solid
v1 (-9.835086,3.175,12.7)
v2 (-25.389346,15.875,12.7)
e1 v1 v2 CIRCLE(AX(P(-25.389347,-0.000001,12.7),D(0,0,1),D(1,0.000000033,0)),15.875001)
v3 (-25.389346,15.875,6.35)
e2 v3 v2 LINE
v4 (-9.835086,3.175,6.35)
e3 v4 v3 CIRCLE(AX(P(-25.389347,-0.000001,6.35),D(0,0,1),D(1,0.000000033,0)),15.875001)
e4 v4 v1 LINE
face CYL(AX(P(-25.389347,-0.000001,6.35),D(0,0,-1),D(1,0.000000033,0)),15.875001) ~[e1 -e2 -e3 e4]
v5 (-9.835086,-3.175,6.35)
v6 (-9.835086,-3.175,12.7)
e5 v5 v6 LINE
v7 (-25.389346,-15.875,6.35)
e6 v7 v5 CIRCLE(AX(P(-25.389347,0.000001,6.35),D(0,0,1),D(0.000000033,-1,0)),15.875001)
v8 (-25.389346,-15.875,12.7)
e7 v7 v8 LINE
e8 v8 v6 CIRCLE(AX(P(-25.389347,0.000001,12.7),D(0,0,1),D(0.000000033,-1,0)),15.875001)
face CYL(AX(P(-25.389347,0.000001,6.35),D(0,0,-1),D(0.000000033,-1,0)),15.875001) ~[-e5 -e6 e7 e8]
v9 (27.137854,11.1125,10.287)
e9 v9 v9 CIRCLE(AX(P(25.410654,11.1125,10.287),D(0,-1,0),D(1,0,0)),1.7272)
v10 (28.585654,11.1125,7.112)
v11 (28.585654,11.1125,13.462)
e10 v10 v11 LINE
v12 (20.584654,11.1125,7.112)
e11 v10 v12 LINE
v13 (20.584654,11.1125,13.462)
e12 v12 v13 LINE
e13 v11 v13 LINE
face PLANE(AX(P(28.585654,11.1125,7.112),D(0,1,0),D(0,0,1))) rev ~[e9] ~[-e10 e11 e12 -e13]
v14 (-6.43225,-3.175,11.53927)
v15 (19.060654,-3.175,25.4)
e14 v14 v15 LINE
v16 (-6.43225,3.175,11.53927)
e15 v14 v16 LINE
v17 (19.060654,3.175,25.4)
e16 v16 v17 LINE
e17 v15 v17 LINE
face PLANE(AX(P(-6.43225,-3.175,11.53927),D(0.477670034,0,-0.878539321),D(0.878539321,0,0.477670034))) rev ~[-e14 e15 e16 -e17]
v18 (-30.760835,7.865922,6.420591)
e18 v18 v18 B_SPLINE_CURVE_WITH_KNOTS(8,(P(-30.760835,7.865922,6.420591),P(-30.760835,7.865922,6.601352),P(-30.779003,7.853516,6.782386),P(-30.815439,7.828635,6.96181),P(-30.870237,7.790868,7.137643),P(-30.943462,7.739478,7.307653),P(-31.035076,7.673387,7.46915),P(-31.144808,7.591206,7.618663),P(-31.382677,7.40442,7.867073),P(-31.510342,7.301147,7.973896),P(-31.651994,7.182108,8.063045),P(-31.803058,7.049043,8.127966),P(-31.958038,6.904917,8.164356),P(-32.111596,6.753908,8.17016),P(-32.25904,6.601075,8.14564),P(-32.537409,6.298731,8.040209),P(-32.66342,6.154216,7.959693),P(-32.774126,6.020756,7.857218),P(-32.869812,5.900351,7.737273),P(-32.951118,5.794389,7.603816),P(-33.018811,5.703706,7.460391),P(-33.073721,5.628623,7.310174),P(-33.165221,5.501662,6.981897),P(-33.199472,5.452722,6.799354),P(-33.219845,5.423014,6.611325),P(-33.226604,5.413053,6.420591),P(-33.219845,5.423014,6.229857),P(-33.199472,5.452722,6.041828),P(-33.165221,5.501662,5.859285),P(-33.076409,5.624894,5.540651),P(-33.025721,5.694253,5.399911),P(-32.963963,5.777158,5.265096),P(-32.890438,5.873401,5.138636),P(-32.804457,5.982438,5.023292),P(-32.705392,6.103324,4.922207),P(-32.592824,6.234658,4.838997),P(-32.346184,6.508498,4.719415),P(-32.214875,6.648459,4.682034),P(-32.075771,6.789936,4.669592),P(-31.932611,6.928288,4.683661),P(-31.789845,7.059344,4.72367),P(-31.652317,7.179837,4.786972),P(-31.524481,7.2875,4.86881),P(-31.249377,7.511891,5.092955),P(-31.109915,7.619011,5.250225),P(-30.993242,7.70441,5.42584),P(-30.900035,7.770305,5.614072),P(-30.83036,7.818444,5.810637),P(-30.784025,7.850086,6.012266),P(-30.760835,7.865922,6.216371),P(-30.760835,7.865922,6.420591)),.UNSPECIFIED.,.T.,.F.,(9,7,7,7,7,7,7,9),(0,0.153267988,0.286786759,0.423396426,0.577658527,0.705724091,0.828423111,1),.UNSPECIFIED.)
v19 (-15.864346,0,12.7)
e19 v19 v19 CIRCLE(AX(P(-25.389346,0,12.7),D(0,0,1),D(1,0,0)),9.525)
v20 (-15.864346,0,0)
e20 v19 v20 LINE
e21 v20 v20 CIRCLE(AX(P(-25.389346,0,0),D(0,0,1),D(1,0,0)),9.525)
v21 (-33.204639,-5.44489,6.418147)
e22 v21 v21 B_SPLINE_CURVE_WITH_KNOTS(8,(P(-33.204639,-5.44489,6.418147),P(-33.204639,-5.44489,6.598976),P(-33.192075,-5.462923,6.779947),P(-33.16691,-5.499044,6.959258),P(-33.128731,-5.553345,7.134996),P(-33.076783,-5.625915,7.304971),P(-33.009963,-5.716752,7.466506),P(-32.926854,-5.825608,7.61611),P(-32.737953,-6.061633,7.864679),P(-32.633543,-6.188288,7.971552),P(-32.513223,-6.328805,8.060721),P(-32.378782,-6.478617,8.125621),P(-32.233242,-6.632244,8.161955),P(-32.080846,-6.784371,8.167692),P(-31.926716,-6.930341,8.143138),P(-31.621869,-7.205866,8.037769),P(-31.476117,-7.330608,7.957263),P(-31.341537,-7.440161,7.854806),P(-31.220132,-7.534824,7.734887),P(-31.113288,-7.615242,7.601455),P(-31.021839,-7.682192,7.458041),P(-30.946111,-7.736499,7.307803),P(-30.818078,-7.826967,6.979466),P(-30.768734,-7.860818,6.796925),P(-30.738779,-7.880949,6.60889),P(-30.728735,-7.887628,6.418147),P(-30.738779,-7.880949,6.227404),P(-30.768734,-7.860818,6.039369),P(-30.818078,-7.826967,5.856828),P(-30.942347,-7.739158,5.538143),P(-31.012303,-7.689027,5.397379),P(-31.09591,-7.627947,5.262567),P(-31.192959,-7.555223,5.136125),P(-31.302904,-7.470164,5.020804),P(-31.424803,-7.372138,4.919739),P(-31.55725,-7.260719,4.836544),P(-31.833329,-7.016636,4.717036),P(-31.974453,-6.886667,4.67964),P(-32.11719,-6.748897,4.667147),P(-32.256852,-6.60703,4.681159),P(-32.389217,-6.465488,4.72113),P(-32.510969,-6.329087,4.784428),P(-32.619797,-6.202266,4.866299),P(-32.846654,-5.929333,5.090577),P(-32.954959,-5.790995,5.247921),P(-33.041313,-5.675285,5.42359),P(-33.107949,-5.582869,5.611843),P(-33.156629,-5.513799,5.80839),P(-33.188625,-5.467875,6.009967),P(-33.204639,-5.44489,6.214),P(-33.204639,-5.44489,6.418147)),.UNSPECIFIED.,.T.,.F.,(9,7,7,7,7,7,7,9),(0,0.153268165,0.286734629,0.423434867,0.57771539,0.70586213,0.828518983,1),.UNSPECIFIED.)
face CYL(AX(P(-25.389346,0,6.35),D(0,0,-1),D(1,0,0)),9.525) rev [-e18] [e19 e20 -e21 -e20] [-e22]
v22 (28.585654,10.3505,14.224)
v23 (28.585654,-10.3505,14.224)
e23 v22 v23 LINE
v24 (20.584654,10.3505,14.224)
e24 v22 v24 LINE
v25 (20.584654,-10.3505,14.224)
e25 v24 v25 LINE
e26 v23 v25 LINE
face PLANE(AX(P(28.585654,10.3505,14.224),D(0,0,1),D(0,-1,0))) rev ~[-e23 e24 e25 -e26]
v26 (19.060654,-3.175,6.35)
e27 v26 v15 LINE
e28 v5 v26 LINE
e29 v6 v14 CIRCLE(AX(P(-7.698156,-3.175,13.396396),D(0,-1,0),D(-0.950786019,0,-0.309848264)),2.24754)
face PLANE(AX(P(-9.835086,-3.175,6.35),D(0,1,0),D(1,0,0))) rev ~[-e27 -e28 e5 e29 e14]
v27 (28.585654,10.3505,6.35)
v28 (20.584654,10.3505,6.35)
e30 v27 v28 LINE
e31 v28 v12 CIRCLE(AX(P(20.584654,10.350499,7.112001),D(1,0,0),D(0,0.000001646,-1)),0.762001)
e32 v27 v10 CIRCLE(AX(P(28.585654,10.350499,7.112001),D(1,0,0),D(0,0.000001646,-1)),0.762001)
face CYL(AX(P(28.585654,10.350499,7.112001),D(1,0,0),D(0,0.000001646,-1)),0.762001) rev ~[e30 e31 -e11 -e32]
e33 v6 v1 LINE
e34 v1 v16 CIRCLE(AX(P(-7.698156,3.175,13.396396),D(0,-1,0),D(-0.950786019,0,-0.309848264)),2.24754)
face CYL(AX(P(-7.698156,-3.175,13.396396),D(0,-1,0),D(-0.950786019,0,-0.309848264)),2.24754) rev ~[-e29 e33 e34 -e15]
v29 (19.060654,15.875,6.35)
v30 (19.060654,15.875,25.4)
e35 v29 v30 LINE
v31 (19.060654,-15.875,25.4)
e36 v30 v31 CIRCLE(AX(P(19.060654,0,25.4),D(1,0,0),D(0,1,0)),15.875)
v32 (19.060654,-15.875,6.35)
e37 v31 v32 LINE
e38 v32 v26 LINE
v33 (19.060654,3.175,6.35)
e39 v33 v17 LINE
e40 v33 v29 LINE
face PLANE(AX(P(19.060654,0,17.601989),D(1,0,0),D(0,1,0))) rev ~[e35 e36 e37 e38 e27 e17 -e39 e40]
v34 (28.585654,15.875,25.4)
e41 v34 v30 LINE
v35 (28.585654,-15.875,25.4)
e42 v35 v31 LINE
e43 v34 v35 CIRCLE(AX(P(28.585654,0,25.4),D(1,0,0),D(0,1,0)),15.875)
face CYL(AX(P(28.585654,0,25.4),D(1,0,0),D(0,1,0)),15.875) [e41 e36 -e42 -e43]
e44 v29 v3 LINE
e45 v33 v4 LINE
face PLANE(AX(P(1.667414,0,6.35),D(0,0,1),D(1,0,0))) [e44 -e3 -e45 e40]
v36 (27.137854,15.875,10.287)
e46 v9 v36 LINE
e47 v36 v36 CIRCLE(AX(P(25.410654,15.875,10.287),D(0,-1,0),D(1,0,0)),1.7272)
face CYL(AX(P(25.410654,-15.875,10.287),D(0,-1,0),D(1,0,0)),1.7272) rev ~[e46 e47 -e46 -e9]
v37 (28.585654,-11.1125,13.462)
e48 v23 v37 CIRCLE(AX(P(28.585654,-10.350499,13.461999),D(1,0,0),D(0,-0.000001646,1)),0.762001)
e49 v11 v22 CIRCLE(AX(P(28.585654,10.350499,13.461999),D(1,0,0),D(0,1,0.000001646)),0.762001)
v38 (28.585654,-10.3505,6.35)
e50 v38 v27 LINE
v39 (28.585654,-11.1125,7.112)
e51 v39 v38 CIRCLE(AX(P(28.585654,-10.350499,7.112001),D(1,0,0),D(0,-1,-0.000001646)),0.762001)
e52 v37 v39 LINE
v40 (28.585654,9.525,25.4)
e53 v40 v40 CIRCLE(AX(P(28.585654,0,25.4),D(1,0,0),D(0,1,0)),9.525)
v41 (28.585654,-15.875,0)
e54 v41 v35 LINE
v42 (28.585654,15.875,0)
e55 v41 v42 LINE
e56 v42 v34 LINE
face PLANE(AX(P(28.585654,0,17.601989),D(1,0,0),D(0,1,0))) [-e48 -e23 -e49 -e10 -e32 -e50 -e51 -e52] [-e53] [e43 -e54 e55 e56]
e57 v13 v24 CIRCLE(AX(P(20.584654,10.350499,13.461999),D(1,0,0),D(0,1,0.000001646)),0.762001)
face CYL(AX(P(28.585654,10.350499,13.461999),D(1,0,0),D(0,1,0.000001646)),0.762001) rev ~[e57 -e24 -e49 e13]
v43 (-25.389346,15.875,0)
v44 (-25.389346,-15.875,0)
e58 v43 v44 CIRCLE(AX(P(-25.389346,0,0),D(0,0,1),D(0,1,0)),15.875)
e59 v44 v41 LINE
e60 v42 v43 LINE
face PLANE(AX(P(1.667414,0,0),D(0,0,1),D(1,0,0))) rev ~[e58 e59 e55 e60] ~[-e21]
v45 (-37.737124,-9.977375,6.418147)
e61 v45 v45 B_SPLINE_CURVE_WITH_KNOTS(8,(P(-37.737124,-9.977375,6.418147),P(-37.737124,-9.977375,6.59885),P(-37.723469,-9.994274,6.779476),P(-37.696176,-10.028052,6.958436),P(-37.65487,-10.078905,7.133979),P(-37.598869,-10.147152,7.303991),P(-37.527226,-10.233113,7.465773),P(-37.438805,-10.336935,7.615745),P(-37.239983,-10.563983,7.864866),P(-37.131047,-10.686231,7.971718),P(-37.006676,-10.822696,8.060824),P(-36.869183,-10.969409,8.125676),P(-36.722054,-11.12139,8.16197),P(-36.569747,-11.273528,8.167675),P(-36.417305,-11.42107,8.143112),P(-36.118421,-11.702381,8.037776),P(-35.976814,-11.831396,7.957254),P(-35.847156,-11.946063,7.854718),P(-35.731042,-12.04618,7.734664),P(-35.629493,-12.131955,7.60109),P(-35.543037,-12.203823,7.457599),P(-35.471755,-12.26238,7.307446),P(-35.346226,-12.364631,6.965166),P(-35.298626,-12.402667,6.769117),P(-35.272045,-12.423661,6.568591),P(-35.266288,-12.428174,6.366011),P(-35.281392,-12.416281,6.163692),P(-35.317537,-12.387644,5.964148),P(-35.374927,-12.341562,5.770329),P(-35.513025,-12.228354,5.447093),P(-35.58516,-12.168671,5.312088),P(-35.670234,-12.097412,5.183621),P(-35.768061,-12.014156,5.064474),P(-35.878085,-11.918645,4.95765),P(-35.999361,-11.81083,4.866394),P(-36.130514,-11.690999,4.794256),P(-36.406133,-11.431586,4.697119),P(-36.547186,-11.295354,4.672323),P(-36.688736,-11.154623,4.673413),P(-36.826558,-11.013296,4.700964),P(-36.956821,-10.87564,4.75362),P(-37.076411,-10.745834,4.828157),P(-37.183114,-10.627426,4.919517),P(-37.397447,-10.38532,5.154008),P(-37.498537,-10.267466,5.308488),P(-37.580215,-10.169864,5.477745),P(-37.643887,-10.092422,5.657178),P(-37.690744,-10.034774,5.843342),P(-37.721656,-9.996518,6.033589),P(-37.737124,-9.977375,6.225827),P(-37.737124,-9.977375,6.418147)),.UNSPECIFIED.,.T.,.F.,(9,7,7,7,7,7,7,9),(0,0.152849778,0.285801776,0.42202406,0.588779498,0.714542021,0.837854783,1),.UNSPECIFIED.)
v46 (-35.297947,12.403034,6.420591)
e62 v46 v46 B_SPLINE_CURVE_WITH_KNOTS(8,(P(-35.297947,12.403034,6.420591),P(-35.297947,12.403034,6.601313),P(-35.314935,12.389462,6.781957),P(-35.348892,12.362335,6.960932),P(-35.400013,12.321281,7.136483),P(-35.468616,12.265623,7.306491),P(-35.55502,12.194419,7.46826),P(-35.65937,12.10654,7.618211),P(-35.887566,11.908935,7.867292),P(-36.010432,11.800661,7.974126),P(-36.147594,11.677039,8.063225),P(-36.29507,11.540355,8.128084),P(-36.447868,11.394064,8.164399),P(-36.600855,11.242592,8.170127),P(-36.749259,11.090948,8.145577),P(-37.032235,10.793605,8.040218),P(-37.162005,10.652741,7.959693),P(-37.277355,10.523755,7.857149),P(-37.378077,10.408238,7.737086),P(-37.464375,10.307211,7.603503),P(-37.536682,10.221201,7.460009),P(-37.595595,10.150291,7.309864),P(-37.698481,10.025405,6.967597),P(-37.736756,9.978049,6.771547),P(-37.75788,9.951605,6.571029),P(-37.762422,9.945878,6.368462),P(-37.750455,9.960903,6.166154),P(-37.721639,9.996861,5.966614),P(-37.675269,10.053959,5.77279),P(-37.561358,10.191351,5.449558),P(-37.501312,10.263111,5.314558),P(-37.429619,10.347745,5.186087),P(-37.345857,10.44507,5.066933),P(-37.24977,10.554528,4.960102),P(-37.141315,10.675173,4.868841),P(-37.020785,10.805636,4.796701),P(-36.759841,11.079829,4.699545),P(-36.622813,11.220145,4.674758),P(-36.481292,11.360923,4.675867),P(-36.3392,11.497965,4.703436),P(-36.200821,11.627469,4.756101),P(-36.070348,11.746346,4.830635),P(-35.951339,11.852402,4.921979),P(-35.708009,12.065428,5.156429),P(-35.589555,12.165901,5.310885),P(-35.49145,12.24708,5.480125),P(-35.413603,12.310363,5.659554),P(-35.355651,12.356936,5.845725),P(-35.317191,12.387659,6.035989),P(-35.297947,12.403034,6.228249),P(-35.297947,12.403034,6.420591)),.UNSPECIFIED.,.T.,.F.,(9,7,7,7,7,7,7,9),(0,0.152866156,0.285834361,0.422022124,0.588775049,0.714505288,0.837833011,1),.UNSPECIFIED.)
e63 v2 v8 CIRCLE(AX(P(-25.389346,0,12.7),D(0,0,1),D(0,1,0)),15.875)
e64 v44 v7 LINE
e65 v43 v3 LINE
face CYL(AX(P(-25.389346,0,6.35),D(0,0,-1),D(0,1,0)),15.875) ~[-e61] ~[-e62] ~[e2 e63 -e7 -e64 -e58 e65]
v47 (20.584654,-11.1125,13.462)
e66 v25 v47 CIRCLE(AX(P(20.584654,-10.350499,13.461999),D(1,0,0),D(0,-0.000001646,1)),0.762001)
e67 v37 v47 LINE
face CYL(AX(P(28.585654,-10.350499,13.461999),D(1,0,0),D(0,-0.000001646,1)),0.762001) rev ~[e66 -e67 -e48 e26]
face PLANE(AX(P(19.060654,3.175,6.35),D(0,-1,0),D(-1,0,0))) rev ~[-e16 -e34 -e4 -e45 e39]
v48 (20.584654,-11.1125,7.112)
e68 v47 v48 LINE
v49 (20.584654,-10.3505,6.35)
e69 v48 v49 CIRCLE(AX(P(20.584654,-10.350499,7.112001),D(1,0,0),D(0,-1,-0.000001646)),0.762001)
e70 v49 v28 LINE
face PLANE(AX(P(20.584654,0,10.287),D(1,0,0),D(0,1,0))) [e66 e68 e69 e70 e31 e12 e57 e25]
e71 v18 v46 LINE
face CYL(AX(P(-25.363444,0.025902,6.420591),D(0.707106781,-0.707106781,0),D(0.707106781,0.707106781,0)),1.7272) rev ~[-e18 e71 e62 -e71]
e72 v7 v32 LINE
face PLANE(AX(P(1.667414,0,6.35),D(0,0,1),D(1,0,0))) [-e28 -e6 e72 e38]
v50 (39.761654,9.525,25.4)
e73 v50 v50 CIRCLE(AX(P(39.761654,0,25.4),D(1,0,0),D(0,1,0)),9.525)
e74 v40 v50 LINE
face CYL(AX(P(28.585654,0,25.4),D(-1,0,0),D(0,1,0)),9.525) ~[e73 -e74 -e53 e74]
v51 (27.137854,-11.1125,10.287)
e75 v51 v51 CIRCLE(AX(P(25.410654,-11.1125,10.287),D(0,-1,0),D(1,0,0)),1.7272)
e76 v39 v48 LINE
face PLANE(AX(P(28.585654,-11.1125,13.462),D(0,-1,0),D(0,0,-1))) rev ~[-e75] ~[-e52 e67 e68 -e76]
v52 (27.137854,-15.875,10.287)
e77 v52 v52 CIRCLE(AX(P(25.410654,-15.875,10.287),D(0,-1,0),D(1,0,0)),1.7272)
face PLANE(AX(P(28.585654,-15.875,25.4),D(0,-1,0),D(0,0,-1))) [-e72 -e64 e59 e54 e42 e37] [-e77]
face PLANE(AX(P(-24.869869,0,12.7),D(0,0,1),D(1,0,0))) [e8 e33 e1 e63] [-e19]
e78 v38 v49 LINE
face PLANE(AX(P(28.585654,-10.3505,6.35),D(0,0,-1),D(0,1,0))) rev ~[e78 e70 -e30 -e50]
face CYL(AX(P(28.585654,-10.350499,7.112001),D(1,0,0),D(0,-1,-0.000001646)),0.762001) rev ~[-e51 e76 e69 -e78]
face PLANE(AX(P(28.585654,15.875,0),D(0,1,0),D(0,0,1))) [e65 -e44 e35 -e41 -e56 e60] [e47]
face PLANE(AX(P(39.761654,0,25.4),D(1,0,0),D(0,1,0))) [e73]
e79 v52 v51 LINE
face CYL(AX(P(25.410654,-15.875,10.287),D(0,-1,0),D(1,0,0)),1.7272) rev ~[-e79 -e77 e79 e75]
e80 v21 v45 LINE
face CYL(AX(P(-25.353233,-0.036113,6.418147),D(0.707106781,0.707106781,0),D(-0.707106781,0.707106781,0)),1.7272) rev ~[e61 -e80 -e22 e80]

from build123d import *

# Parameters (mm, degrees)
F0_R      = 9.525
F1_DEPTH  = 6.35
F2_R      = 9.525
F3_DEPTH  = 6.35
F5_DEPTH  = 9.525
F6_R      = 9.525
F7_DEPTH  = 11.176
F9_DEPTH  = 8.001
F10_R     = 1.7272
F11_DEPTH = 31.75
F13_DEPTH = 3.175
F14_DEPTH = 3.175
F19_R     = 1.7272
F20_DEPTH = 25.4
F21_R     = 1.7272
F22_DEPTH = 25.4
F26_DEPTH = 25.4
F28_DEPTH = 25.4


with BuildPart() as f1:
    # F0 (on Top) → F1 (new body)
    with BuildSketch(Plane.XY):
        with BuildLine():
            ThreePointArc((-9.514346, 0), (-14.164026, -11.22532), (-25.389346, -15.875))
            Line((-25.389346, -15.875), (28.585654, -15.875))
            Line((28.585654, -15.875), (28.585654, 15.875))
            Line((28.585654, 15.875), (-25.389346, 15.875))
            ThreePointArc((-25.389346, 15.875), (-14.164026, 11.22532), (-9.514346, 0))
        make_face()
        with BuildLine():
            ThreePointArc((-25.389346, 15.875), (-41.264346, 0), (-25.389346, -15.875))
            ThreePointArc((-25.389346, -15.875), (-14.164026, -11.22532), (-9.514346, 0))
            ThreePointArc((-9.514346, 0), (-14.164026, 11.22532), (-25.389346, 15.875))
        make_face()
        with Locations((-25.389346, 0)):
            Circle(F0_R, mode=Mode.SUBTRACT)
    extrude(amount=F1_DEPTH)

    # F2 (on face) → F3 (join)
    with BuildSketch(Plane.XY.offset(6.35)):
        with BuildLine():
            ThreePointArc((-25.389346, -15.875), (-14.164026, -11.22532), (-9.514346, 0))
            ThreePointArc((-9.514346, 0), (-14.164026, 11.22532), (-25.389346, 15.875))
            ThreePointArc((-25.389346, 15.875), (-41.264346, 0), (-25.389346, -15.875))
        make_face()
        with Locations((-25.389346, 0)):
            Circle(F2_R, mode=Mode.SUBTRACT)
    extrude(amount=F3_DEPTH)

    # F4 (on face) → F5 (join)
    with BuildSketch(Plane.YZ.offset(28.585654)):
        with BuildLine():
            Line((-15.875, 25.4), (-15.875, 0))
            Line((-15.875, 0), (15.875, 0))
            Line((15.875, 0), (15.875, 25.4))
            ThreePointArc((15.875, 25.4), (0, 41.275), (-15.875, 25.4))
        make_face()
    extrude(amount=-F5_DEPTH)

    # F6 (on face) → F7 (join)
    with BuildSketch(Plane.YZ.offset(28.585654)):
        with Locations((0, 25.4)):
            Circle(F6_R)
    extrude(amount=F7_DEPTH)

    # F8 (on face) → F9 (cut)
    with BuildSketch(Plane.YZ.offset(28.585654)):
        with BuildLine():
            Line((-10.3505, 6.35), (10.3505, 6.35))
            ThreePointArc((10.3505, 6.35), (10.889315, 6.573185), (11.1125, 7.112))
            Line((11.1125, 7.112), (11.1125, 13.462))
            ThreePointArc((11.1125, 13.462), (10.889315, 14.000815), (10.3505, 14.224))
            Line((10.3505, 14.224), (-10.3505, 14.224))
            ThreePointArc((-10.3505, 14.224), (-10.889315, 14.000815), (-11.1125, 13.462))
            Line((-11.1125, 13.462), (-11.1125, 7.112))
            ThreePointArc((-11.1125, 7.112), (-10.889315, 6.573185), (-10.3505, 6.35))
        make_face()
    extrude(amount=-F9_DEPTH, mode=Mode.SUBTRACT)

    # F10 (on face) → F11 (cut)
    with BuildSketch(Plane.XZ.offset(15.875)):
        with Locations((25.410654, 10.287)):
            Circle(F10_R)
    extrude(amount=-F11_DEPTH, mode=Mode.SUBTRACT)

    # F19 (on face) → F20 (cut)
    with BuildSketch(Plane(origin=(-12.694673, 12.694673, 0), x_dir=(0.707107, 0.707107, 0), z_dir=(0.707107, -0.707107, 0))):
        with Locations((-17.916348, 6.420591)):
            Circle(F19_R)
    extrude(amount=-F20_DEPTH, mode=Mode.SUBTRACT)

    # F21 (on face) → F22 (cut)
    with BuildSketch(Plane(origin=(-12.694673, -12.694673, 0), x_dir=(-0.707107, 0.707107, 0), z_dir=(0.707107, 0.707107, 0))):
        with Locations((17.901907, 6.418147)):
            Circle(F21_R)
    extrude(amount=-F22_DEPTH, mode=Mode.SUBTRACT)

    # F25 (on face) → F26 (join)
    with BuildSketch(Plane.XY.offset(6.35)):
        with BuildLine():
            ThreePointArc((-9.835086, 3.175), (-9.514346, 0), (-9.835086, -3.175))
            Line((-9.835086, -3.175), (19.060654, -3.175))
            Line((19.060654, -3.175), (19.060654, 3.175))
            Line((19.060654, 3.175), (-9.835086, 3.175))
        make_face()
    extrude(amount=F26_DEPTH)

    # F27 (on face) → F28 (cut)
    with BuildSketch(Plane.XZ.offset(3.175)):
        with BuildLine():
            Line((-6.43225, 11.53927), (19.060654, 25.4))
            Line((19.060654, 25.4), (19.060654, 31.75))
            Line((19.060654, 31.75), (-9.835086, 31.75))
            Line((-9.835086, 31.75), (-9.835086, 12.7))
            ThreePointArc((-9.835086, 12.7), (-8.423755, 11.269205), (-6.43225, 11.53927))
        make_face()
    extrude(amount=-F28_DEPTH, mode=Mode.SUBTRACT)


with BuildPart() as f13:
    # F12 (on Front) → F13 (new body, symmetric)
    with BuildSketch(Plane.XZ):
        with BuildLine():
            Line((18.935824, 6.271193), (19.060654, 25.4))
            Line((19.060654, 25.4), (-5.57432, 8.746564))
            ThreePointArc((-5.57432, 8.746564), (-8.13987, 8.590052), (-9.515413, 10.761324))
            Line((-9.515413, 10.761324), (-9.515413, 6.271193))
            Line((-9.515413, 6.271193), (18.935824, 6.271193))
        make_face()
    extrude(amount=F13_DEPTH, both=True)


with BuildPart() as f14:
    # F12 (on Front) → F14 (new body, symmetric)
    with BuildSketch(Plane.XZ):
        with BuildLine():
            Line((18.935824, 6.271193), (19.060654, 25.4))
            Line((19.060654, 25.4), (-5.57432, 8.746564))
            ThreePointArc((-5.57432, 8.746564), (-8.13987, 8.590052), (-9.515413, 10.761324))
            Line((-9.515413, 10.761324), (-9.515413, 6.271193))
            Line((-9.515413, 6.271193), (18.935824, 6.271193))
        make_face()
    extrude(amount=F14_DEPTH, both=True)


solid = f1.part
